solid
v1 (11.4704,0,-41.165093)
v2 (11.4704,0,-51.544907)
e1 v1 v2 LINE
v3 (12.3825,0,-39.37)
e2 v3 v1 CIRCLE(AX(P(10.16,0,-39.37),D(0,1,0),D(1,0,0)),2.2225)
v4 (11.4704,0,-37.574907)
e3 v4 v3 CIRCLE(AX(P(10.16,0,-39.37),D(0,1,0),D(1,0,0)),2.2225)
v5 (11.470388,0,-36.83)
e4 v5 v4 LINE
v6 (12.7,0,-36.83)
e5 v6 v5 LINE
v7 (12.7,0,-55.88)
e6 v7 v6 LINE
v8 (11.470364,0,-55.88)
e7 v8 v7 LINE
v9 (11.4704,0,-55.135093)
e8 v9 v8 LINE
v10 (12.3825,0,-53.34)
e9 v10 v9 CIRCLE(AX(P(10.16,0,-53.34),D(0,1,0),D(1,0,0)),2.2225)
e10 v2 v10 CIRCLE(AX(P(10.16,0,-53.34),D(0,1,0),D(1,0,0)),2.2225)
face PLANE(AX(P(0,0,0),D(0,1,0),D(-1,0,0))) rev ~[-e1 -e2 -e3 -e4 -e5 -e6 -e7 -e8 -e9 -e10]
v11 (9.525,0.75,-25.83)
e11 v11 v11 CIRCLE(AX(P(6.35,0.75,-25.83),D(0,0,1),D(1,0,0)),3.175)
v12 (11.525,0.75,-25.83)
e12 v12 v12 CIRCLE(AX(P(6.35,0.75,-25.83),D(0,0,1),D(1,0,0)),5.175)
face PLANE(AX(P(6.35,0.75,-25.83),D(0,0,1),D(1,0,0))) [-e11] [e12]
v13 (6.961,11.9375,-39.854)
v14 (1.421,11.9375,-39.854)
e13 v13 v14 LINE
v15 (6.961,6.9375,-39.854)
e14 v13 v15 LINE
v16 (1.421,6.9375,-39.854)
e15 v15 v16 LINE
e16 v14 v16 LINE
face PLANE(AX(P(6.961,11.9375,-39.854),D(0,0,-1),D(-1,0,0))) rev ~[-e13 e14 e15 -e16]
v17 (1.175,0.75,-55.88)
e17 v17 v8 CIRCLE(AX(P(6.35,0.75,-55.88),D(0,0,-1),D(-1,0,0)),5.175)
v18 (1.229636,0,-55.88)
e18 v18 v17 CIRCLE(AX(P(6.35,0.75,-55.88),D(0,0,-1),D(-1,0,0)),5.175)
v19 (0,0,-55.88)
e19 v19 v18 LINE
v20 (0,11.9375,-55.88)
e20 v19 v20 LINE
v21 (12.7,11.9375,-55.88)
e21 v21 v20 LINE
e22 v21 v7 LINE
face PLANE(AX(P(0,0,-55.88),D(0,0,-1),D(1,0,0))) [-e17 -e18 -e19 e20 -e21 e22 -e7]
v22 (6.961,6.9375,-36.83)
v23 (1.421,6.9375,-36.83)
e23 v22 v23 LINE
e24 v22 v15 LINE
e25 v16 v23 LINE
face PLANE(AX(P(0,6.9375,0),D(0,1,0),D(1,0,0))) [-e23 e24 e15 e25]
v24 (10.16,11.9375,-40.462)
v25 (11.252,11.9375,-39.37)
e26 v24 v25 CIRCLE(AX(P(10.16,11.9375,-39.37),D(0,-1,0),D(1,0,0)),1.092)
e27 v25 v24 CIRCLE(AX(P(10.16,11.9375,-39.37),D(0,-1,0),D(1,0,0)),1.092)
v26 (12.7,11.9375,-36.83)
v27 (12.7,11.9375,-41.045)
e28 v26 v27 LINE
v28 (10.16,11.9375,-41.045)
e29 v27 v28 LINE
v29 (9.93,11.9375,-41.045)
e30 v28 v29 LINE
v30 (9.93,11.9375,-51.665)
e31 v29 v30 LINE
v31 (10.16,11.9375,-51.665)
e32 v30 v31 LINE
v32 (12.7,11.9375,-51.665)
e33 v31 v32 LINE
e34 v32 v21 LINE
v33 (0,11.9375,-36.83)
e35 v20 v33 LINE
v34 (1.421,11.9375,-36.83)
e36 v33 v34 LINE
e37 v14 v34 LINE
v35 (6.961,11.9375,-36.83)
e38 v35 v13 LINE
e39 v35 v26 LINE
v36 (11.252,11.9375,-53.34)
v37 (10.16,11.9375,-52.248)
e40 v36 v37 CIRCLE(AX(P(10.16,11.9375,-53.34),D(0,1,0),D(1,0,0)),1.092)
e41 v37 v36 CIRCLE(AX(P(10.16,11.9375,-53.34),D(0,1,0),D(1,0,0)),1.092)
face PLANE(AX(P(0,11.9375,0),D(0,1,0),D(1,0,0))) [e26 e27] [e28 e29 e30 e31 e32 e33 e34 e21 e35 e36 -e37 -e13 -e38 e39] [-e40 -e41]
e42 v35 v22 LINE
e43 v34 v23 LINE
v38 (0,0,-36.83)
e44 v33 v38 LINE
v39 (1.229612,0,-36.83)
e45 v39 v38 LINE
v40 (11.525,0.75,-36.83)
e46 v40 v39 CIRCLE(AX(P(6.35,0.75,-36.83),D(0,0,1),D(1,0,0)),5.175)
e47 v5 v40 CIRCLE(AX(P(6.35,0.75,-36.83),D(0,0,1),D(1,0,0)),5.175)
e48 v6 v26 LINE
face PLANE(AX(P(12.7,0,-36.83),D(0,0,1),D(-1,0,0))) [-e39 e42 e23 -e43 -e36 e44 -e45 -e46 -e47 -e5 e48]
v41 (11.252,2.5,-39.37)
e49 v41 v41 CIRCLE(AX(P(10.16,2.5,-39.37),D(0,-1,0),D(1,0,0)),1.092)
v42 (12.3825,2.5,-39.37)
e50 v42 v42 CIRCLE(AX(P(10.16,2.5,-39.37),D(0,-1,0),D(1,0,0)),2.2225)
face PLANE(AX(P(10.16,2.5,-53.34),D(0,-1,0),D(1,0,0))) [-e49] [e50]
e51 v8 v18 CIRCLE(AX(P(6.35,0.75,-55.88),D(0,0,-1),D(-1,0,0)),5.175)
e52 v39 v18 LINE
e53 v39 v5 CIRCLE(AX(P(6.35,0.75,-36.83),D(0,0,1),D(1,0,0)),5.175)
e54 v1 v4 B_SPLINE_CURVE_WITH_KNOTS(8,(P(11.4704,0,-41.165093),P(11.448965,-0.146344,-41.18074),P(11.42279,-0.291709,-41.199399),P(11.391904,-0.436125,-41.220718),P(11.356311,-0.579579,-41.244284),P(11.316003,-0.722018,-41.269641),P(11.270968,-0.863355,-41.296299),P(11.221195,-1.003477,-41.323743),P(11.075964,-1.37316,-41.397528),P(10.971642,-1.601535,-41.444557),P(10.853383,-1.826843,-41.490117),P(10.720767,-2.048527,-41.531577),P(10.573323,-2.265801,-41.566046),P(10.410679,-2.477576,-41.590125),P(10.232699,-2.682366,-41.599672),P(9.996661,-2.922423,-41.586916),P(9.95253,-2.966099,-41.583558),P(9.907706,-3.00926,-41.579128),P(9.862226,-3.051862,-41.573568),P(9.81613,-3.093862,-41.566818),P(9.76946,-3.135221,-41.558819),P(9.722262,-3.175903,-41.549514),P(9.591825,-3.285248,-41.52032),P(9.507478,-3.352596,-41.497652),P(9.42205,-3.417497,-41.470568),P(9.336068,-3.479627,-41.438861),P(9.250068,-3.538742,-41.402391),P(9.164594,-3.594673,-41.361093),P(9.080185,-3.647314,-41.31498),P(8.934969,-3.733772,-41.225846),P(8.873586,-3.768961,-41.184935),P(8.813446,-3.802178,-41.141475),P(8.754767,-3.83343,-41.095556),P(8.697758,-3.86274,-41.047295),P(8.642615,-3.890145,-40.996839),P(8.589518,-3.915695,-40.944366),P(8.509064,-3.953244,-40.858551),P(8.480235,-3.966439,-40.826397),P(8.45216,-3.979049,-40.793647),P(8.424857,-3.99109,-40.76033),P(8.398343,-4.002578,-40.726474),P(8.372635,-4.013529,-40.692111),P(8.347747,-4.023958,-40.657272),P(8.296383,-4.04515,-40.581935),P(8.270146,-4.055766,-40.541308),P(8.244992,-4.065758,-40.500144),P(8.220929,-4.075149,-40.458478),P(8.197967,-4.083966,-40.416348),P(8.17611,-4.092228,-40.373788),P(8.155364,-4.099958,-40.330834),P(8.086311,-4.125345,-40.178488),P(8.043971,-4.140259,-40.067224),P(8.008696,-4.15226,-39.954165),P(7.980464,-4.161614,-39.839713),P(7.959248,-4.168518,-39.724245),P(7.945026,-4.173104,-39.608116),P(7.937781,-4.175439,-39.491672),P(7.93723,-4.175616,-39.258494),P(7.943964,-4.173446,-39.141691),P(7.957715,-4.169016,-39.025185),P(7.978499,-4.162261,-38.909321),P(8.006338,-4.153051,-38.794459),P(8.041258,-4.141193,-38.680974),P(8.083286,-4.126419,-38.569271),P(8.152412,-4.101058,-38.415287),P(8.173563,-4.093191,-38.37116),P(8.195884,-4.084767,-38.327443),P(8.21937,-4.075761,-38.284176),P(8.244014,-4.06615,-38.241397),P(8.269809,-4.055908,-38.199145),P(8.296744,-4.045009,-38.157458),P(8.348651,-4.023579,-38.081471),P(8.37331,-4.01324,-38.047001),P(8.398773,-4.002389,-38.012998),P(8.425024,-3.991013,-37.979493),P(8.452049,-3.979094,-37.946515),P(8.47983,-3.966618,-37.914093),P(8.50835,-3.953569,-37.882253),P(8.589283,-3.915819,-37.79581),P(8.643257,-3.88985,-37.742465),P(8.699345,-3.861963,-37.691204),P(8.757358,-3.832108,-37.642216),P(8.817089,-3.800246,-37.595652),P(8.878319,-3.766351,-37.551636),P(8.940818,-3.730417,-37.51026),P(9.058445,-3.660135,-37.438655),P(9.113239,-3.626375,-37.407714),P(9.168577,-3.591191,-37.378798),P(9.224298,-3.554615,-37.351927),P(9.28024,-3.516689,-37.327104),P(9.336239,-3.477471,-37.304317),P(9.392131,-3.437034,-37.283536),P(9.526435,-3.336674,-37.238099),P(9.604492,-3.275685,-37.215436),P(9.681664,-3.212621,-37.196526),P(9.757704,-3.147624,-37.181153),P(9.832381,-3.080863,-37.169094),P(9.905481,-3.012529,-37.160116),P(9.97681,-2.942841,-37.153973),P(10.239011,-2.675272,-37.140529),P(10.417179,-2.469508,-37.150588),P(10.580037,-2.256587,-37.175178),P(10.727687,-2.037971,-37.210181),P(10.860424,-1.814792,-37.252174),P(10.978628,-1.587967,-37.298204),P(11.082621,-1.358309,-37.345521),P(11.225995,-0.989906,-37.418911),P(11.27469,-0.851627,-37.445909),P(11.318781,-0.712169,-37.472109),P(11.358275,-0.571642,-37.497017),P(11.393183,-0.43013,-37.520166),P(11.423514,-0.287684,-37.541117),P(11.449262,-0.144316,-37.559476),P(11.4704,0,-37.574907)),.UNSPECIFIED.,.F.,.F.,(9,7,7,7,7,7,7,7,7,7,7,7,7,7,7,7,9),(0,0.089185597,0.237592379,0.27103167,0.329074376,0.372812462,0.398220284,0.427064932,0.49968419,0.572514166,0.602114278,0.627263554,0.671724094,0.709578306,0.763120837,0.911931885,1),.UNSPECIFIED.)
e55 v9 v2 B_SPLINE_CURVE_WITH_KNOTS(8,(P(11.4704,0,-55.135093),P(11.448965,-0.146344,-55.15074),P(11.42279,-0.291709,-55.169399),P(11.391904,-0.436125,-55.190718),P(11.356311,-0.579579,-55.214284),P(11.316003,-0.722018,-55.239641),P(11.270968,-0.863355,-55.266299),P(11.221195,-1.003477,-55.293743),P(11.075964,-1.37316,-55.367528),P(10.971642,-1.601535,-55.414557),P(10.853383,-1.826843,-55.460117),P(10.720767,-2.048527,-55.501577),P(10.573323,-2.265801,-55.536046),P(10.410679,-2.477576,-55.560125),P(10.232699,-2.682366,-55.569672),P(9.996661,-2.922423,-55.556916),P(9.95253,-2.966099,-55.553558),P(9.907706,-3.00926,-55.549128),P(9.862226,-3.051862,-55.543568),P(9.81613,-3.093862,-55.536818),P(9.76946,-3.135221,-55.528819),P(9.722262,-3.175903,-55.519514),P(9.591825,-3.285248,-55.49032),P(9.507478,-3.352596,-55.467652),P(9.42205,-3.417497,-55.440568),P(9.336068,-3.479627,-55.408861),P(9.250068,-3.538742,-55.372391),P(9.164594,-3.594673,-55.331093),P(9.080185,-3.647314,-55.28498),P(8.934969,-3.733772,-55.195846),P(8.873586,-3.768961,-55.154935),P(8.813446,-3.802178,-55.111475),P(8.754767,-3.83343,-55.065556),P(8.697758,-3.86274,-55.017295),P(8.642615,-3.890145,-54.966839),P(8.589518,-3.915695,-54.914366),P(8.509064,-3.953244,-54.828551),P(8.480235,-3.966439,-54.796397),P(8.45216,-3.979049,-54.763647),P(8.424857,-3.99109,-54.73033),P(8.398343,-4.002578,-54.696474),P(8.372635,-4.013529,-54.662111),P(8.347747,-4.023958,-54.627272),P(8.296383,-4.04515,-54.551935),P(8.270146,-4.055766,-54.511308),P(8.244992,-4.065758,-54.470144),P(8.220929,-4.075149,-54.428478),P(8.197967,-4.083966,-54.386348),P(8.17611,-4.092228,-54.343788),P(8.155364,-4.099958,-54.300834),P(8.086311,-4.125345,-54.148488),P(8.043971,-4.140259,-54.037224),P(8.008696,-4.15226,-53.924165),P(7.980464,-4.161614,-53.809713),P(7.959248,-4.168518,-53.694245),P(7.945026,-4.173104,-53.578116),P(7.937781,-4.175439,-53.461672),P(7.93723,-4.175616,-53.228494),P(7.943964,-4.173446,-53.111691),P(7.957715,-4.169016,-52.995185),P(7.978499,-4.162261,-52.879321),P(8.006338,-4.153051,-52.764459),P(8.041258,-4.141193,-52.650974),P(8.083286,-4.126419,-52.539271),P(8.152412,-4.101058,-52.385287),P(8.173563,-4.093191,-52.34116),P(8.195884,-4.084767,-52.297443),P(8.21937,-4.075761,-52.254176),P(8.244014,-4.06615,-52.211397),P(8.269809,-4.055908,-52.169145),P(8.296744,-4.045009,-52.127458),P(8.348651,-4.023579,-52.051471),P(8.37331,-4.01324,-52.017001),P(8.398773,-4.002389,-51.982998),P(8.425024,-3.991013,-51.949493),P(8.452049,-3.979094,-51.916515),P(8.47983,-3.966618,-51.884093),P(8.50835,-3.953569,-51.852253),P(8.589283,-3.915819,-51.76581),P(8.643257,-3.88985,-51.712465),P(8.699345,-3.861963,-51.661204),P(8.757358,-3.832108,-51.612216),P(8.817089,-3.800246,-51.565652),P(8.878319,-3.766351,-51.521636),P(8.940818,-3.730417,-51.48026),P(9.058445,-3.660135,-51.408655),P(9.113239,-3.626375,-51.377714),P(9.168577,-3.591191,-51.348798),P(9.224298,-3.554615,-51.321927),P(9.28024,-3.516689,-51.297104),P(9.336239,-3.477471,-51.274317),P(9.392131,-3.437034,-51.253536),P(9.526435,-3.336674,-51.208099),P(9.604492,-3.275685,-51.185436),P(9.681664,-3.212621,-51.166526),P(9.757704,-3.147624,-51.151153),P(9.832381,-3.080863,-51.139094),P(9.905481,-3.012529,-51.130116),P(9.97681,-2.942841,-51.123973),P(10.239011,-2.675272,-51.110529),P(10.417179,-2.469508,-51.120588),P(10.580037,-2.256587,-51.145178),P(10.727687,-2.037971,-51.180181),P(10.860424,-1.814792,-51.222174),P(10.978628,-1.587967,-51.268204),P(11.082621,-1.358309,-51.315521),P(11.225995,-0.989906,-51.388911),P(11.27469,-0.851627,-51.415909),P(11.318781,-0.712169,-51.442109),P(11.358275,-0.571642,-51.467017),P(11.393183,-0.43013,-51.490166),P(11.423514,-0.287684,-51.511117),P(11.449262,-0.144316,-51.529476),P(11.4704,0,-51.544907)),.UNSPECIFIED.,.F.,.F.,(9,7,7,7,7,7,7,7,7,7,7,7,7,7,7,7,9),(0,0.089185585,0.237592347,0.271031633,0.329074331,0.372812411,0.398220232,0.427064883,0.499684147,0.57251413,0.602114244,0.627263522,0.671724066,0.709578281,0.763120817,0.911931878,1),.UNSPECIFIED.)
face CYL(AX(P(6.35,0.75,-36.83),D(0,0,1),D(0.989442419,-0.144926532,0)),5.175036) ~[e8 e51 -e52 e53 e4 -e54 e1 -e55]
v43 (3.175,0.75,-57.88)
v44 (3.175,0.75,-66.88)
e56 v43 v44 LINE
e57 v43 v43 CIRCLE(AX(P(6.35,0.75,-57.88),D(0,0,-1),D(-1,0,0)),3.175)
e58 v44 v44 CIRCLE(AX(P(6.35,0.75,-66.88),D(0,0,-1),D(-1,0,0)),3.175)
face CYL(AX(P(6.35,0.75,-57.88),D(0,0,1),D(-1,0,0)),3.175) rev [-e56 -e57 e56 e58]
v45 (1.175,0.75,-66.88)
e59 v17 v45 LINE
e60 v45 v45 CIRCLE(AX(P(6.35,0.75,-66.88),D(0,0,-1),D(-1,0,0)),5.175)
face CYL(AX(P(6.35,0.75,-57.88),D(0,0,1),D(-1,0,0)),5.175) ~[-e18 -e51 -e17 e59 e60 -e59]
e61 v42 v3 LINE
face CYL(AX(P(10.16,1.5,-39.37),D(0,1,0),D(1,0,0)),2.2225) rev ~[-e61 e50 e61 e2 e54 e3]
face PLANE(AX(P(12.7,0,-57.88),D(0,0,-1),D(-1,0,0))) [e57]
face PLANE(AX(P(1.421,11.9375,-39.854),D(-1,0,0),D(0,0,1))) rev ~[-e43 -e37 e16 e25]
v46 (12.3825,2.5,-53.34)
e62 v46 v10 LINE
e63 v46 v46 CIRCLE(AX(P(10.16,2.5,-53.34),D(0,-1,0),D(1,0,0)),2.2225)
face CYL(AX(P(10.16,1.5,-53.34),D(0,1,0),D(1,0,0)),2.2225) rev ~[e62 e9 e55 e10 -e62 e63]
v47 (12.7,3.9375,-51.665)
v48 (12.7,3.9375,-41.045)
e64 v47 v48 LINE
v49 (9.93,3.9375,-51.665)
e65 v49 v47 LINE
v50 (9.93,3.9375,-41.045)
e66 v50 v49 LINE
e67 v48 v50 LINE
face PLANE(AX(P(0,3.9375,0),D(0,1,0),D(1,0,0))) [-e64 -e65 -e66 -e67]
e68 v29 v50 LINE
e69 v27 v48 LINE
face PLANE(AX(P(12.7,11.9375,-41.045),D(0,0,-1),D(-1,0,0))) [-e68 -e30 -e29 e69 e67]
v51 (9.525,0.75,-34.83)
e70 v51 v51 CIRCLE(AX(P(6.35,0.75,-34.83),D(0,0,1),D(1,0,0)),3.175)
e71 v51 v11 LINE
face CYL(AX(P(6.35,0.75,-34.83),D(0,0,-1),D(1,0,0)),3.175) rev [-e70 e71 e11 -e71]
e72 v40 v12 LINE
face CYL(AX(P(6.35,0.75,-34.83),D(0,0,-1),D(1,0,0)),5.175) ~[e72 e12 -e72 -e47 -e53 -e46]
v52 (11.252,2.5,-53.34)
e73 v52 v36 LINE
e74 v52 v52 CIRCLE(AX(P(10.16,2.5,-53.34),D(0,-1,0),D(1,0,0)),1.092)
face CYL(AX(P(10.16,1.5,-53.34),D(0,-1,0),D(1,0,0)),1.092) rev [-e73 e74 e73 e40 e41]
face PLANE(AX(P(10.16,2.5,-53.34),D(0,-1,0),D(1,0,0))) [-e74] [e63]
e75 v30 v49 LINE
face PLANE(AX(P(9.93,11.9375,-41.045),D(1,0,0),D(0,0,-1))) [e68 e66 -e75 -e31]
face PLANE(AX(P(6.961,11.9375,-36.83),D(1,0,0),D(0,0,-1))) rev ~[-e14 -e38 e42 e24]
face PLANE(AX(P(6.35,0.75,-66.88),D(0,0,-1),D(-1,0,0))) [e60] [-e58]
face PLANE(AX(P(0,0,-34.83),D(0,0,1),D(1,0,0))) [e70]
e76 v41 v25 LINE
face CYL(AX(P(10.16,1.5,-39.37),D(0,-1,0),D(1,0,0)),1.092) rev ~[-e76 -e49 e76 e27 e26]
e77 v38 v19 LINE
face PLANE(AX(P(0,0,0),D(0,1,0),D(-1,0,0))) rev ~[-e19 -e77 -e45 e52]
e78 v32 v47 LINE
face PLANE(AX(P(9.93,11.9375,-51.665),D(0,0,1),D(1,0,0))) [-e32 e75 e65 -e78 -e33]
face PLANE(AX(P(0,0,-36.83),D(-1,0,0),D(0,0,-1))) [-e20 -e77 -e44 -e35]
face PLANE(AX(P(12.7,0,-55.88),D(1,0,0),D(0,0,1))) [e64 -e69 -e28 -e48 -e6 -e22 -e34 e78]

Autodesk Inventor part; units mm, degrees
ref_plane "YZ Plane" through (0, 0, 0) normal (1, 0, 0) x (0, 1, 0)
ref_plane "XZ Plane" through (0, 0, 0) normal (0, 1, 0) x (-1, 0, 0)
ref_plane "XY Plane" through (0, 0, 0) normal (0, 0, 1) x (1, 0, 0)
sketch "Sketch1" plane through (0, 0, 0) normal (0, 1, 0) x (-1, 0, 0)
  line L0 (0, -55.88) -> (-12.7, -55.88)
  line L1 (-12.7, -36.83) -> (0, -36.83)
  line L2 (0, -36.83) -> (0, -55.88)
  line L3 (-12.7, -55.88) -> (-12.7, -36.83)
  dimension "d1" = 19.05
  dimension "d2" = 12.7
extrude "Extrusion1" add sketch "Sketch1" along normal blind 1.5
sketch "Sketch2" plane through (0, 1.5, 0) normal (0, 1, 0) x (1, 0, 0)
  line L0 (12.7, 36.83) -> (12.7, 55.88) projected
  line L1 (12.7, 0) -> (10.16, 0)
  circle A0 centre (10.16, 39.37) radius 1.092
  circle A1 centre (10.16, 53.34) radius 1.092
  line L2 (10.16, 53.34) -> (10.16, 39.37)
  point P0 (0, 0)
  dimension "d8" = 2.184
  dimension "d10" = 2.184
  dimension "d71" = 13.97
extrude "Extrusion2" cut sketch "Sketch2" against normal blind 1.5
sketch "Sketch5" plane through (0, 0, -36.83) normal (0, 0, 1) x (1, 0, 0)
  line L0 (12.7, 0) -> (0, 0) projected
  line L1 (6.35, 0) -> (6.35, 1.5)
  line L2 (12.7, 1.5) -> (0, 1.5) projected
  line L3 (0, 0) -> (0, 1.5) projected
  line L4 (0, 0.75) -> (12.7, 0.75)
  line L5 (12.7, 0) -> (12.7, 1.5) projected
  circle A0 centre (6.35, 0.75) radius 5.175
  dimension "d30" = 10.35
extrude "Extrusion5" add sketch "Sketch5" along normal blind 2 contours A0 L0 | L0 L1 L4 A0 | L0 A0 L4 L1 | L4 L1 L2 A0 | L4 A0 L2 L1 | L2 A0
sketch "Sketch6" plane through (6.35, 0.75, -34.83) normal (0, 0, 1) x (1, 0, 0)
  circle A0 centre (0, 0) radius 5.175
  circle A1 centre (0, 0) radius 3.175
  point P0 (-6.35, -0.75)
  dimension "d35" = 6.35
extrude "Extrusion6" add sketch "Sketch6" along normal blind 9
sketch "Sketch7" plane through (12.7, 0, -55.88) normal (0, 0, -1) x (-1, 0, 0)
  line L0 (0, 0) -> (0, 1.5) projected
  line L1 (0, 0.75) -> (12.7, 0.75)
  line L2 (12.7, 0) -> (12.7, 1.5) projected
  line L3 (11.4704, 1.5) -> (1.2296, 1.5) projected
  line L4 (6.35, 1.5) -> (6.35, 0)
  circle A0 centre (6.35, 0.75) radius 5.175
extrude "Extrusion7" add sketch "Sketch7" along normal blind 2
sketch "Sketch8" plane through (6.35, 0.75, -57.88) normal (0, 0, -1) x (-1, 0, 0)
  circle A0 centre (0, 0) radius 5.175
  circle A1 centre (0, 0) radius 3.175
  point P0 (6.35, -0.75)
  dimension "d40" = 6.35
extrude "Extrusion8" add sketch "Sketch8" along normal blind 9
thread "Thread1" size "1/4-20 UNC" class "2B" standard "ANSI Unified Screw Threads" full length
thread "Thread2" size "1/4-20 UNC" class "2B" standard "ANSI Unified Screw Threads" full length
sketch "Sketch9" plane through (0, 0, -36.83) normal (0, 0, -1) x (-1, 0, 0)
  arc A0 (-11.4704, 0) -> (-1.2296, 0) centre (-6.35, 0.75) ccw projected
  line L0 (0, 0) -> (-1.2296, 0) projected
  line L1 (-11.4704, 0) -> (-1.2296, 0)
  circle A1 centre (-6.35, 0.75) radius 5.175
extrude "Extrusion9" add sketch "Sketch9" along normal up to next contours L1 A0
sketch "Sketch10" plane through (10.16, 0, -39.37) normal (0, 1, 0) x (1, 0, 0)
  circle A0 centre (0, 0) radius 1.092
  circle A1 centre (0, 13.97) radius 1.092 projected
  circle A2 centre (0, 13.97) radius 1.092
  point P0 (-10.16, -39.37)
  dimension "d60" = 2.184
extrude "Extrusion10" cut sketch "Sketch10" against normal up to next
sketch "Sketch12" plane through (0, 1.5, 0) normal (0, 1, 0) x (1, 0, 0)
  circle A0 centre (10.16, 39.37) radius 1.092 projected
  circle A1 centre (10.16, 39.37) radius 1.092
  circle A2 centre (10.16, 39.37) radius 2.2225
  circle A3 centre (10.16, 53.34) radius 1.092 projected
  circle A4 centre (10.16, 53.34) radius 1.092
  circle A5 centre (10.16, 53.34) radius 2.2225
  point P0 (0, 0)
  dimension "d54" = 4.445
  dimension "d55" = 4.445
extrude "Extrusion11" cut sketch "Sketch12" against normal blind 5.925
sketch "Sketch13" plane through (0, 1.5, 0) normal (0, 1, 0) x (1, 0, 0)
  line L0 (12.7, 36.83) -> (12.7, 55.88) projected
  line L1 (12.7, 55.88) -> (0, 55.88)
  line L2 (0, 55.88) -> (0, 36.83)
  line L3 (12.7, 36.83) -> (12.7, 55.88)
  circle A0 centre (10.16, 53.34) radius 1.092 projected
  circle A1 centre (10.16, 53.34) radius 1.092
  line L4 (10.16, 53.34) -> (10.16, 39.37)
  circle A2 centre (10.16, 39.37) radius 1.092
  line L5 (0, 36.83) -> (12.7, 36.83)
  point P0 (0, 0)
  point P1 (12.7, 0)
  dimension "d72" = 13.97
  dimension "d73" = 2.184
extrude "Extrusion12" add sketch "Sketch13" along normal blind 10.4375 contours L5 L2 L1 L0 | A2
thread "Thread6" size "2-56 UNC" class "2B" standard "ANSI Unified Screw Threads" full length
sketch "Sketch14" plane through (10.16, 1.5, -53.34) normal (0, -1, 0) x (1, 0, 0)
  circle A0 centre (0, 0) radius 1.092 projected
  circle A1 centre (0, 0) radius 2.2225
  circle A2 centre (0, 13.97) radius 2.2225 projected
  circle A3 centre (0, 13.97) radius 2.2225
  circle A4 centre (0, 0) radius 1.092
  circle A5 centre (0, 13.97) radius 1.092
  point P0 (-10.16, 53.34)
extrude "Extrusion13" cut sketch "Sketch14" against normal blind 1
sketch "Sketch15" plane through (10.16, 1.5, -39.37) normal (0, -1, 0) x (1, 0, 0)
  circle A0 centre (0, 0) radius 1.092
  point P0 (-10.16, 39.37)
extrude "Extrusion14" cut sketch "Sketch15" against normal through all
thread "Thread7" size "2-56 UNC" class "2B" standard "ANSI Unified Screw Threads" full length
sketch "Sketch16" plane through (0, 11.9375, 0) normal (0, 1, 0) x (1, 0, 0)
  line L0 (11.525, 36.83) -> (1.175, 36.83) projected
  line L1 (3.175, 34.83) -> (9.525, 34.83) projected
  line L2 (1.921, 36.83) -> (6.461, 36.83)
  line L3 (6.461, 36.83) -> (6.961, 36.83)
  line L4 (6.961, 36.83) -> (6.961, 39.854)
  line L5 (6.961, 39.854) -> (1.421, 39.854)
  line L6 (1.421, 39.854) -> (1.421, 36.83)
  line L7 (1.421, 36.83) -> (1.921, 36.83)
  point P0 (0, 0)
  point P1 (0, 36.83)
  point P2 (1.2296, 36.83)
  point P3 (11.4704, 36.83)
  dimension "d114" = 0.5
  dimension "d115" = 3.024
  dimension "d116" = 5.54
extrude "Extrusion15" cut sketch "Sketch16" against normal blind 5
sketch "Sketch17" plane through (0, 11.9375, 0) normal (0, 1, 0) x (1, 0, 0)
  line L0 (12.7, 36.83) -> (12.7, 55.88) projected
  line L1 (12.7, 55.88) -> (0, 55.88) projected
  line L2 (0, 36.83) -> (12.7, 36.83) projected
  line L3 (0, 36.83) -> (12.7, 36.83)
  line L4 (12.7, 36.83) -> (12.7, 55.88)
  line L5 (12.7, 55.88) -> (0, 55.88)
  line L6 (0, 55.88) -> (0, 36.83)
  line L7 (11.4704, 41.1651) -> (11.4704, 51.5449) projected
  line L8 (11.43, 42.545) -> (12.43, 42.545) construction
  line L9 (11.43, 50.165) -> (12.43, 50.165) construction
  line L10 (12.7, 41.545) -> (12.7, 51.165)
  line L11 (12.7, 41.545) -> (12.7, 41.045)
  line L12 (12.7, 41.045) -> (9.93, 41.045)
  line L13 (9.93, 41.045) -> (9.93, 51.665)
  line L14 (9.93, 51.665) -> (12.7, 51.665)
  line L15 (12.7, 51.165) -> (12.7, 51.665)
  point P0 (0, 0)
  dimension "d110" = 2.77
  dimension "d111" = 10.62
  dimension "d112" = 90
extrude "Extrusion16" cut sketch "Sketch17" against normal blind 8 contours L12 L13 L14 L0
properties part number "Line Sensor 6 Bracket"
